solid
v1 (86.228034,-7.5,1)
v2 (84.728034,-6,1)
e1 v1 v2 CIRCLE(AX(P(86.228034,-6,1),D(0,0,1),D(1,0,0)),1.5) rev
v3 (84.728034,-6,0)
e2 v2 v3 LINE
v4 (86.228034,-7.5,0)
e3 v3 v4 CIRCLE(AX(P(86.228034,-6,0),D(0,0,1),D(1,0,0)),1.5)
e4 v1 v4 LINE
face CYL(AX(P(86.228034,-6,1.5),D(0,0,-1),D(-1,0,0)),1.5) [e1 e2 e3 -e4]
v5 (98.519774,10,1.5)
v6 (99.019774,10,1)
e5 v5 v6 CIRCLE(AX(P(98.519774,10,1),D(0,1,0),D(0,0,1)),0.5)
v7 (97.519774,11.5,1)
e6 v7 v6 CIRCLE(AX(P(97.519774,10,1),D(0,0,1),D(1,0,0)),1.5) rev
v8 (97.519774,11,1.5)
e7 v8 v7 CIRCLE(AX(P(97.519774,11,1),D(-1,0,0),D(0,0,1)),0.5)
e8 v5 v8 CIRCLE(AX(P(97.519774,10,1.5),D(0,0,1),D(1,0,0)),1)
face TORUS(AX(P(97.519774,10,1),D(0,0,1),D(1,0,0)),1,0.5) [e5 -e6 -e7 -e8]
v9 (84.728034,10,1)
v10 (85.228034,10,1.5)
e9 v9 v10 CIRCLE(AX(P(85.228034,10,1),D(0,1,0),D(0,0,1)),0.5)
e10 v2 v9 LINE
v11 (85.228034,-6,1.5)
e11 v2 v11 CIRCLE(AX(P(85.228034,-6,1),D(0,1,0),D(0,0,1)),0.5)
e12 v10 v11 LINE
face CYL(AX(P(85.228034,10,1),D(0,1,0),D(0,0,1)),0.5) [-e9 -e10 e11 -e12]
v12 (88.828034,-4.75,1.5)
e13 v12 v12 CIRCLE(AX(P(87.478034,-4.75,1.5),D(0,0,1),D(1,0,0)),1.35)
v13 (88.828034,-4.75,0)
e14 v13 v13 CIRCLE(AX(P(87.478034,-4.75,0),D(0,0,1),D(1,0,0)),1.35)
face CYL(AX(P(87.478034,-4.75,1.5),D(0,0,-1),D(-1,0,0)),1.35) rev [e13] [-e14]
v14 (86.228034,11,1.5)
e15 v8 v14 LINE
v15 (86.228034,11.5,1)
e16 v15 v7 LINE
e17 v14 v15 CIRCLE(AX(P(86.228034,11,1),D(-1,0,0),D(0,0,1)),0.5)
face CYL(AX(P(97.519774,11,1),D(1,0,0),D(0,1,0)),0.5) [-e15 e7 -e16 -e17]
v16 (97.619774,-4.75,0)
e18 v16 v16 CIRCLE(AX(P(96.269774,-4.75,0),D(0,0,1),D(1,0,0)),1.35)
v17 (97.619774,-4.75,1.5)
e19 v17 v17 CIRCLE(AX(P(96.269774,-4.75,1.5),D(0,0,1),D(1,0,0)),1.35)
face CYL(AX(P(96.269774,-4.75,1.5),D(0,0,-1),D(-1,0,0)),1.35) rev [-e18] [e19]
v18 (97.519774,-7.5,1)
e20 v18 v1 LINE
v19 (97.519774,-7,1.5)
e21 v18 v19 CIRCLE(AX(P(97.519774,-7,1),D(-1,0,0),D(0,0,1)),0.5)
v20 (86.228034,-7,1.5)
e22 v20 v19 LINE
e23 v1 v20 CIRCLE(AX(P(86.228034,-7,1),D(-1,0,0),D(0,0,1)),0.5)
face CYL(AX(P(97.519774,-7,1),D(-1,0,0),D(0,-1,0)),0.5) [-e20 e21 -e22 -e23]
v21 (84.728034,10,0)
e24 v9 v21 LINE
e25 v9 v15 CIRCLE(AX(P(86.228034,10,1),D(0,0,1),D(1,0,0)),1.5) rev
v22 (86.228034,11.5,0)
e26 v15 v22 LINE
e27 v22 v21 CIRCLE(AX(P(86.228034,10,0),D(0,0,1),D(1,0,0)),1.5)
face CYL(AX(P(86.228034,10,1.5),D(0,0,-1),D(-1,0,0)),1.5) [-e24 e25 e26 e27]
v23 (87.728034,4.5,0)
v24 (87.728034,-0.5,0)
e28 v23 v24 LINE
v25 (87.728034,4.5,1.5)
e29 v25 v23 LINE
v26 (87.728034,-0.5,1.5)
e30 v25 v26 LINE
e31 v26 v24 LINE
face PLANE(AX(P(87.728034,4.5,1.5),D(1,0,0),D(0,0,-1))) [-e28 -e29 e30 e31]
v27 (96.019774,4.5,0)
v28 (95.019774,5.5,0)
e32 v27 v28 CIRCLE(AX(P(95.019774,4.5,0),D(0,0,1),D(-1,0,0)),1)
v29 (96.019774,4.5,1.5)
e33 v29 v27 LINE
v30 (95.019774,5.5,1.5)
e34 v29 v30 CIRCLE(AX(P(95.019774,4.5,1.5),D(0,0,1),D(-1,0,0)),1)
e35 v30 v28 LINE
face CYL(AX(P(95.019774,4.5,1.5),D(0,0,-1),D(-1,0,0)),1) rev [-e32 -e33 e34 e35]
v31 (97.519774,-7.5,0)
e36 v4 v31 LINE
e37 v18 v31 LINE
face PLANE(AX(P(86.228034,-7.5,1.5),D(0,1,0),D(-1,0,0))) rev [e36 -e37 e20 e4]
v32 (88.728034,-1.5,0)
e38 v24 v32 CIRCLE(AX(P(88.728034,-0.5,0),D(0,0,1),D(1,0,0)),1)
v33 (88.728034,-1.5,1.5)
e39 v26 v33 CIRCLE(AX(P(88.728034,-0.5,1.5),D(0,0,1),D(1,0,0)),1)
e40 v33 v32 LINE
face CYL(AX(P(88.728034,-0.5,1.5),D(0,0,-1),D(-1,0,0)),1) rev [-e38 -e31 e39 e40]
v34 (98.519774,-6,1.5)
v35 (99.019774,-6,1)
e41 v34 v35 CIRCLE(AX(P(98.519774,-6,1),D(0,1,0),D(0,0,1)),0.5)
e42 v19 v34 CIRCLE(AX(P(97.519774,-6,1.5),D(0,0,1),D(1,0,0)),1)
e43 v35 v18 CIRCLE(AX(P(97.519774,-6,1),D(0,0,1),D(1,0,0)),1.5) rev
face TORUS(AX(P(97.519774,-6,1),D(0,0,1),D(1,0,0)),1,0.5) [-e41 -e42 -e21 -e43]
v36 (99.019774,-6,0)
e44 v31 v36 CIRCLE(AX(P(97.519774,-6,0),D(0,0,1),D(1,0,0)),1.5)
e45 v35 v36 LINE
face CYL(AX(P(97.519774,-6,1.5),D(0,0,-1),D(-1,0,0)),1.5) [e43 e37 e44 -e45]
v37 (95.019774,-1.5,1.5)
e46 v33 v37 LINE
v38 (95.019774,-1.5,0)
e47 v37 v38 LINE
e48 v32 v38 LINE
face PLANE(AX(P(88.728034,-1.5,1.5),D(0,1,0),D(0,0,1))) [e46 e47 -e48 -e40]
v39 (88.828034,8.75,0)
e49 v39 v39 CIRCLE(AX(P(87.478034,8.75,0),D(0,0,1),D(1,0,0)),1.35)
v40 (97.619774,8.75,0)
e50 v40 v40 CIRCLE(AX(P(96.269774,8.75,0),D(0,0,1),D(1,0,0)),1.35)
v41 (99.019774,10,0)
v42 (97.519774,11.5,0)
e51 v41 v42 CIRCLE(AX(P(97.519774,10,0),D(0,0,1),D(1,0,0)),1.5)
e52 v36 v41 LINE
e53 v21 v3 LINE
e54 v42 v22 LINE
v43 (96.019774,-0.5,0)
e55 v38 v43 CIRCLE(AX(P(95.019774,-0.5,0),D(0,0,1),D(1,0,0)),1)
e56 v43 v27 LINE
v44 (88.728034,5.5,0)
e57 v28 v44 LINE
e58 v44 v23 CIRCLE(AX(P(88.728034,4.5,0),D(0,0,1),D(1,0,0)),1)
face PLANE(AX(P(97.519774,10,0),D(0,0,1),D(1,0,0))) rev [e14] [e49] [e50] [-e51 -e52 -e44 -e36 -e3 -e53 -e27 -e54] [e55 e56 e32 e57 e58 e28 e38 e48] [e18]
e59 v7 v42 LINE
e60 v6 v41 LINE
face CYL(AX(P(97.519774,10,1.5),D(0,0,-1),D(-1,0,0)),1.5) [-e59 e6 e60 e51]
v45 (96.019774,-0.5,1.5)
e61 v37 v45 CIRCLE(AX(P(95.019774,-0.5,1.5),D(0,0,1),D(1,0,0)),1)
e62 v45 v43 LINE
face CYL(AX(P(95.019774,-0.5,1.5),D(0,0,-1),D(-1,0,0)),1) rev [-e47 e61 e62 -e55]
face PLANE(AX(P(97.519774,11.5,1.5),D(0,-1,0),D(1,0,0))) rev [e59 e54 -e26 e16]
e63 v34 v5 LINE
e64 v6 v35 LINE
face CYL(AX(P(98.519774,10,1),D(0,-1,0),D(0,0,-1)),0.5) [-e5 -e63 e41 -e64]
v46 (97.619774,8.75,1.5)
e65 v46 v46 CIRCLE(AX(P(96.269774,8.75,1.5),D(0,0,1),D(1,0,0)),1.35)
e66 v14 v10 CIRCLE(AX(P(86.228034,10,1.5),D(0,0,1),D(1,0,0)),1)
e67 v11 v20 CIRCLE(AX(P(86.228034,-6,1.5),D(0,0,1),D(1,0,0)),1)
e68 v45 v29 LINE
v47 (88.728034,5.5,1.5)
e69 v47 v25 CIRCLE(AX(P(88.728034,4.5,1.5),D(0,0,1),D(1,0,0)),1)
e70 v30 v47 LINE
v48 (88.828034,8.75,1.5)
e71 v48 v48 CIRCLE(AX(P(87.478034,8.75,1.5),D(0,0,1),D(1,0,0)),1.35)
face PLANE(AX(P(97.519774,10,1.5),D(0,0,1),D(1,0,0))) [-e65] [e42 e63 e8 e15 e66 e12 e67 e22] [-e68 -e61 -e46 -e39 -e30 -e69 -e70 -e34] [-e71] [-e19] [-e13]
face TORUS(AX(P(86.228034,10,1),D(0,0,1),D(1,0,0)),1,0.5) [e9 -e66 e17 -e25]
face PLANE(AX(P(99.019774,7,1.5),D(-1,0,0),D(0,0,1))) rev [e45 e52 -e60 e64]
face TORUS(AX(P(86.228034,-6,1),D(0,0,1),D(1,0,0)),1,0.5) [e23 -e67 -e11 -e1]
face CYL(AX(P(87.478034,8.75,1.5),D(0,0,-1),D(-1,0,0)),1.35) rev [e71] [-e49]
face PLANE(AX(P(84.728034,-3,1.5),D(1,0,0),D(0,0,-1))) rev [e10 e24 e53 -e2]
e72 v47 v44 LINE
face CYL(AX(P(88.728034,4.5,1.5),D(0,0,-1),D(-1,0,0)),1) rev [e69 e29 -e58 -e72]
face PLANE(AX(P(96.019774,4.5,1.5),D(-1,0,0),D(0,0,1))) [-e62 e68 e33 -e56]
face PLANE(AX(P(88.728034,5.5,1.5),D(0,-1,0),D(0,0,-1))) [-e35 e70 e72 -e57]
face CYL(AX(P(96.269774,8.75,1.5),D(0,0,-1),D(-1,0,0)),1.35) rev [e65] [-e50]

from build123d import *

# Parameters (mm, degrees)
SKETCH_1_R      = 1.35
EXTRUDE_2_DEPTH = 1.5
FILLET_1_R      = 0.5


with BuildPart() as part:
    # 草图1 → 凸台-拉伸2 (new body)
    with BuildSketch(Plane.XY):
        with BuildLine():
            Line((97.519773553, 11.5), (86.228033822, 11.5))
            ThreePointArc((86.228033822, 11.5), (85.16737365, 11.060660172), (84.728033822, 10))
            Line((84.728033822, 10), (84.728033822, 7))
            Line((84.728033822, 7), (84.728033822, -3))
            Line((84.728033822, -3), (84.728033822, -6))
            ThreePointArc((84.728033822, -6), (85.16737365, -7.060660172), (86.228033822, -7.5))
            Line((86.228033822, -7.5), (97.519773553, -7.5))
            ThreePointArc((97.519773553, -7.5), (98.580433725, -7.060660172), (99.019773553, -6))
            Line((99.019773553, -6), (99.019773553, -3))
            Line((99.019773553, -3), (99.019773553, 7))
            Line((99.019773553, 7), (99.019773553, 10))
            ThreePointArc((99.019773553, 10), (98.580433725, 11.060660172), (97.519773553, 11.5))
        make_face()
        with Locations((87.478033822, -4.75)):
            Circle(SKETCH_1_R, mode=Mode.SUBTRACT)
        with Locations((96.269773553, -4.75)):
            Circle(SKETCH_1_R, mode=Mode.SUBTRACT)
        with Locations((96.269773553, 8.75)):
            Circle(SKETCH_1_R, mode=Mode.SUBTRACT)
        with Locations((87.478033822, 8.75)):
            Circle(SKETCH_1_R, mode=Mode.SUBTRACT)
        with BuildLine():
            Line((88.728033822, 5.5), (95.019773553, 5.5))
            ThreePointArc((95.019773553, 5.5), (95.726880334, 5.207106781), (96.019773553, 4.5))
            Line((96.019773553, 4.5), (96.019773553, -0.5))
            ThreePointArc((96.019773553, -0.5), (95.726880334, -1.207106781), (95.019773553, -1.5))
            Line((95.019773553, -1.5), (88.728033822, -1.5))
            ThreePointArc((88.728033822, -1.5), (88.020927041, -1.207106781), (87.728033822, -0.5))
            Line((87.728033822, -0.5), (87.728033822, 4.5))
            ThreePointArc((87.728033822, 4.5), (88.020927041, 5.207106781), (88.728033822, 5.5))
        make_face(mode=Mode.SUBTRACT)
    extrude(amount=EXTRUDE_2_DEPTH)

    # 圆角1
    fillet_1_edges = [part.edges().sort_by_distance(p)[0] for p in [
        (85.16737365, 11.060660172, 1.5),
        (84.728033822, 2, 1.5),
        (85.16737365, -7.060660172, 1.5),
        (91.873903688, -7.5, 1.5),
        (98.580433725, -7.060660172, 1.5),
        (99.019773553, 2, 1.5),
        (98.580433725, 11.060660172, 1.5),
        (91.873903688, 11.5, 1.5),
    ]]
    fillet(fillet_1_edges, radius=FILLET_1_R)


solid = part.part
